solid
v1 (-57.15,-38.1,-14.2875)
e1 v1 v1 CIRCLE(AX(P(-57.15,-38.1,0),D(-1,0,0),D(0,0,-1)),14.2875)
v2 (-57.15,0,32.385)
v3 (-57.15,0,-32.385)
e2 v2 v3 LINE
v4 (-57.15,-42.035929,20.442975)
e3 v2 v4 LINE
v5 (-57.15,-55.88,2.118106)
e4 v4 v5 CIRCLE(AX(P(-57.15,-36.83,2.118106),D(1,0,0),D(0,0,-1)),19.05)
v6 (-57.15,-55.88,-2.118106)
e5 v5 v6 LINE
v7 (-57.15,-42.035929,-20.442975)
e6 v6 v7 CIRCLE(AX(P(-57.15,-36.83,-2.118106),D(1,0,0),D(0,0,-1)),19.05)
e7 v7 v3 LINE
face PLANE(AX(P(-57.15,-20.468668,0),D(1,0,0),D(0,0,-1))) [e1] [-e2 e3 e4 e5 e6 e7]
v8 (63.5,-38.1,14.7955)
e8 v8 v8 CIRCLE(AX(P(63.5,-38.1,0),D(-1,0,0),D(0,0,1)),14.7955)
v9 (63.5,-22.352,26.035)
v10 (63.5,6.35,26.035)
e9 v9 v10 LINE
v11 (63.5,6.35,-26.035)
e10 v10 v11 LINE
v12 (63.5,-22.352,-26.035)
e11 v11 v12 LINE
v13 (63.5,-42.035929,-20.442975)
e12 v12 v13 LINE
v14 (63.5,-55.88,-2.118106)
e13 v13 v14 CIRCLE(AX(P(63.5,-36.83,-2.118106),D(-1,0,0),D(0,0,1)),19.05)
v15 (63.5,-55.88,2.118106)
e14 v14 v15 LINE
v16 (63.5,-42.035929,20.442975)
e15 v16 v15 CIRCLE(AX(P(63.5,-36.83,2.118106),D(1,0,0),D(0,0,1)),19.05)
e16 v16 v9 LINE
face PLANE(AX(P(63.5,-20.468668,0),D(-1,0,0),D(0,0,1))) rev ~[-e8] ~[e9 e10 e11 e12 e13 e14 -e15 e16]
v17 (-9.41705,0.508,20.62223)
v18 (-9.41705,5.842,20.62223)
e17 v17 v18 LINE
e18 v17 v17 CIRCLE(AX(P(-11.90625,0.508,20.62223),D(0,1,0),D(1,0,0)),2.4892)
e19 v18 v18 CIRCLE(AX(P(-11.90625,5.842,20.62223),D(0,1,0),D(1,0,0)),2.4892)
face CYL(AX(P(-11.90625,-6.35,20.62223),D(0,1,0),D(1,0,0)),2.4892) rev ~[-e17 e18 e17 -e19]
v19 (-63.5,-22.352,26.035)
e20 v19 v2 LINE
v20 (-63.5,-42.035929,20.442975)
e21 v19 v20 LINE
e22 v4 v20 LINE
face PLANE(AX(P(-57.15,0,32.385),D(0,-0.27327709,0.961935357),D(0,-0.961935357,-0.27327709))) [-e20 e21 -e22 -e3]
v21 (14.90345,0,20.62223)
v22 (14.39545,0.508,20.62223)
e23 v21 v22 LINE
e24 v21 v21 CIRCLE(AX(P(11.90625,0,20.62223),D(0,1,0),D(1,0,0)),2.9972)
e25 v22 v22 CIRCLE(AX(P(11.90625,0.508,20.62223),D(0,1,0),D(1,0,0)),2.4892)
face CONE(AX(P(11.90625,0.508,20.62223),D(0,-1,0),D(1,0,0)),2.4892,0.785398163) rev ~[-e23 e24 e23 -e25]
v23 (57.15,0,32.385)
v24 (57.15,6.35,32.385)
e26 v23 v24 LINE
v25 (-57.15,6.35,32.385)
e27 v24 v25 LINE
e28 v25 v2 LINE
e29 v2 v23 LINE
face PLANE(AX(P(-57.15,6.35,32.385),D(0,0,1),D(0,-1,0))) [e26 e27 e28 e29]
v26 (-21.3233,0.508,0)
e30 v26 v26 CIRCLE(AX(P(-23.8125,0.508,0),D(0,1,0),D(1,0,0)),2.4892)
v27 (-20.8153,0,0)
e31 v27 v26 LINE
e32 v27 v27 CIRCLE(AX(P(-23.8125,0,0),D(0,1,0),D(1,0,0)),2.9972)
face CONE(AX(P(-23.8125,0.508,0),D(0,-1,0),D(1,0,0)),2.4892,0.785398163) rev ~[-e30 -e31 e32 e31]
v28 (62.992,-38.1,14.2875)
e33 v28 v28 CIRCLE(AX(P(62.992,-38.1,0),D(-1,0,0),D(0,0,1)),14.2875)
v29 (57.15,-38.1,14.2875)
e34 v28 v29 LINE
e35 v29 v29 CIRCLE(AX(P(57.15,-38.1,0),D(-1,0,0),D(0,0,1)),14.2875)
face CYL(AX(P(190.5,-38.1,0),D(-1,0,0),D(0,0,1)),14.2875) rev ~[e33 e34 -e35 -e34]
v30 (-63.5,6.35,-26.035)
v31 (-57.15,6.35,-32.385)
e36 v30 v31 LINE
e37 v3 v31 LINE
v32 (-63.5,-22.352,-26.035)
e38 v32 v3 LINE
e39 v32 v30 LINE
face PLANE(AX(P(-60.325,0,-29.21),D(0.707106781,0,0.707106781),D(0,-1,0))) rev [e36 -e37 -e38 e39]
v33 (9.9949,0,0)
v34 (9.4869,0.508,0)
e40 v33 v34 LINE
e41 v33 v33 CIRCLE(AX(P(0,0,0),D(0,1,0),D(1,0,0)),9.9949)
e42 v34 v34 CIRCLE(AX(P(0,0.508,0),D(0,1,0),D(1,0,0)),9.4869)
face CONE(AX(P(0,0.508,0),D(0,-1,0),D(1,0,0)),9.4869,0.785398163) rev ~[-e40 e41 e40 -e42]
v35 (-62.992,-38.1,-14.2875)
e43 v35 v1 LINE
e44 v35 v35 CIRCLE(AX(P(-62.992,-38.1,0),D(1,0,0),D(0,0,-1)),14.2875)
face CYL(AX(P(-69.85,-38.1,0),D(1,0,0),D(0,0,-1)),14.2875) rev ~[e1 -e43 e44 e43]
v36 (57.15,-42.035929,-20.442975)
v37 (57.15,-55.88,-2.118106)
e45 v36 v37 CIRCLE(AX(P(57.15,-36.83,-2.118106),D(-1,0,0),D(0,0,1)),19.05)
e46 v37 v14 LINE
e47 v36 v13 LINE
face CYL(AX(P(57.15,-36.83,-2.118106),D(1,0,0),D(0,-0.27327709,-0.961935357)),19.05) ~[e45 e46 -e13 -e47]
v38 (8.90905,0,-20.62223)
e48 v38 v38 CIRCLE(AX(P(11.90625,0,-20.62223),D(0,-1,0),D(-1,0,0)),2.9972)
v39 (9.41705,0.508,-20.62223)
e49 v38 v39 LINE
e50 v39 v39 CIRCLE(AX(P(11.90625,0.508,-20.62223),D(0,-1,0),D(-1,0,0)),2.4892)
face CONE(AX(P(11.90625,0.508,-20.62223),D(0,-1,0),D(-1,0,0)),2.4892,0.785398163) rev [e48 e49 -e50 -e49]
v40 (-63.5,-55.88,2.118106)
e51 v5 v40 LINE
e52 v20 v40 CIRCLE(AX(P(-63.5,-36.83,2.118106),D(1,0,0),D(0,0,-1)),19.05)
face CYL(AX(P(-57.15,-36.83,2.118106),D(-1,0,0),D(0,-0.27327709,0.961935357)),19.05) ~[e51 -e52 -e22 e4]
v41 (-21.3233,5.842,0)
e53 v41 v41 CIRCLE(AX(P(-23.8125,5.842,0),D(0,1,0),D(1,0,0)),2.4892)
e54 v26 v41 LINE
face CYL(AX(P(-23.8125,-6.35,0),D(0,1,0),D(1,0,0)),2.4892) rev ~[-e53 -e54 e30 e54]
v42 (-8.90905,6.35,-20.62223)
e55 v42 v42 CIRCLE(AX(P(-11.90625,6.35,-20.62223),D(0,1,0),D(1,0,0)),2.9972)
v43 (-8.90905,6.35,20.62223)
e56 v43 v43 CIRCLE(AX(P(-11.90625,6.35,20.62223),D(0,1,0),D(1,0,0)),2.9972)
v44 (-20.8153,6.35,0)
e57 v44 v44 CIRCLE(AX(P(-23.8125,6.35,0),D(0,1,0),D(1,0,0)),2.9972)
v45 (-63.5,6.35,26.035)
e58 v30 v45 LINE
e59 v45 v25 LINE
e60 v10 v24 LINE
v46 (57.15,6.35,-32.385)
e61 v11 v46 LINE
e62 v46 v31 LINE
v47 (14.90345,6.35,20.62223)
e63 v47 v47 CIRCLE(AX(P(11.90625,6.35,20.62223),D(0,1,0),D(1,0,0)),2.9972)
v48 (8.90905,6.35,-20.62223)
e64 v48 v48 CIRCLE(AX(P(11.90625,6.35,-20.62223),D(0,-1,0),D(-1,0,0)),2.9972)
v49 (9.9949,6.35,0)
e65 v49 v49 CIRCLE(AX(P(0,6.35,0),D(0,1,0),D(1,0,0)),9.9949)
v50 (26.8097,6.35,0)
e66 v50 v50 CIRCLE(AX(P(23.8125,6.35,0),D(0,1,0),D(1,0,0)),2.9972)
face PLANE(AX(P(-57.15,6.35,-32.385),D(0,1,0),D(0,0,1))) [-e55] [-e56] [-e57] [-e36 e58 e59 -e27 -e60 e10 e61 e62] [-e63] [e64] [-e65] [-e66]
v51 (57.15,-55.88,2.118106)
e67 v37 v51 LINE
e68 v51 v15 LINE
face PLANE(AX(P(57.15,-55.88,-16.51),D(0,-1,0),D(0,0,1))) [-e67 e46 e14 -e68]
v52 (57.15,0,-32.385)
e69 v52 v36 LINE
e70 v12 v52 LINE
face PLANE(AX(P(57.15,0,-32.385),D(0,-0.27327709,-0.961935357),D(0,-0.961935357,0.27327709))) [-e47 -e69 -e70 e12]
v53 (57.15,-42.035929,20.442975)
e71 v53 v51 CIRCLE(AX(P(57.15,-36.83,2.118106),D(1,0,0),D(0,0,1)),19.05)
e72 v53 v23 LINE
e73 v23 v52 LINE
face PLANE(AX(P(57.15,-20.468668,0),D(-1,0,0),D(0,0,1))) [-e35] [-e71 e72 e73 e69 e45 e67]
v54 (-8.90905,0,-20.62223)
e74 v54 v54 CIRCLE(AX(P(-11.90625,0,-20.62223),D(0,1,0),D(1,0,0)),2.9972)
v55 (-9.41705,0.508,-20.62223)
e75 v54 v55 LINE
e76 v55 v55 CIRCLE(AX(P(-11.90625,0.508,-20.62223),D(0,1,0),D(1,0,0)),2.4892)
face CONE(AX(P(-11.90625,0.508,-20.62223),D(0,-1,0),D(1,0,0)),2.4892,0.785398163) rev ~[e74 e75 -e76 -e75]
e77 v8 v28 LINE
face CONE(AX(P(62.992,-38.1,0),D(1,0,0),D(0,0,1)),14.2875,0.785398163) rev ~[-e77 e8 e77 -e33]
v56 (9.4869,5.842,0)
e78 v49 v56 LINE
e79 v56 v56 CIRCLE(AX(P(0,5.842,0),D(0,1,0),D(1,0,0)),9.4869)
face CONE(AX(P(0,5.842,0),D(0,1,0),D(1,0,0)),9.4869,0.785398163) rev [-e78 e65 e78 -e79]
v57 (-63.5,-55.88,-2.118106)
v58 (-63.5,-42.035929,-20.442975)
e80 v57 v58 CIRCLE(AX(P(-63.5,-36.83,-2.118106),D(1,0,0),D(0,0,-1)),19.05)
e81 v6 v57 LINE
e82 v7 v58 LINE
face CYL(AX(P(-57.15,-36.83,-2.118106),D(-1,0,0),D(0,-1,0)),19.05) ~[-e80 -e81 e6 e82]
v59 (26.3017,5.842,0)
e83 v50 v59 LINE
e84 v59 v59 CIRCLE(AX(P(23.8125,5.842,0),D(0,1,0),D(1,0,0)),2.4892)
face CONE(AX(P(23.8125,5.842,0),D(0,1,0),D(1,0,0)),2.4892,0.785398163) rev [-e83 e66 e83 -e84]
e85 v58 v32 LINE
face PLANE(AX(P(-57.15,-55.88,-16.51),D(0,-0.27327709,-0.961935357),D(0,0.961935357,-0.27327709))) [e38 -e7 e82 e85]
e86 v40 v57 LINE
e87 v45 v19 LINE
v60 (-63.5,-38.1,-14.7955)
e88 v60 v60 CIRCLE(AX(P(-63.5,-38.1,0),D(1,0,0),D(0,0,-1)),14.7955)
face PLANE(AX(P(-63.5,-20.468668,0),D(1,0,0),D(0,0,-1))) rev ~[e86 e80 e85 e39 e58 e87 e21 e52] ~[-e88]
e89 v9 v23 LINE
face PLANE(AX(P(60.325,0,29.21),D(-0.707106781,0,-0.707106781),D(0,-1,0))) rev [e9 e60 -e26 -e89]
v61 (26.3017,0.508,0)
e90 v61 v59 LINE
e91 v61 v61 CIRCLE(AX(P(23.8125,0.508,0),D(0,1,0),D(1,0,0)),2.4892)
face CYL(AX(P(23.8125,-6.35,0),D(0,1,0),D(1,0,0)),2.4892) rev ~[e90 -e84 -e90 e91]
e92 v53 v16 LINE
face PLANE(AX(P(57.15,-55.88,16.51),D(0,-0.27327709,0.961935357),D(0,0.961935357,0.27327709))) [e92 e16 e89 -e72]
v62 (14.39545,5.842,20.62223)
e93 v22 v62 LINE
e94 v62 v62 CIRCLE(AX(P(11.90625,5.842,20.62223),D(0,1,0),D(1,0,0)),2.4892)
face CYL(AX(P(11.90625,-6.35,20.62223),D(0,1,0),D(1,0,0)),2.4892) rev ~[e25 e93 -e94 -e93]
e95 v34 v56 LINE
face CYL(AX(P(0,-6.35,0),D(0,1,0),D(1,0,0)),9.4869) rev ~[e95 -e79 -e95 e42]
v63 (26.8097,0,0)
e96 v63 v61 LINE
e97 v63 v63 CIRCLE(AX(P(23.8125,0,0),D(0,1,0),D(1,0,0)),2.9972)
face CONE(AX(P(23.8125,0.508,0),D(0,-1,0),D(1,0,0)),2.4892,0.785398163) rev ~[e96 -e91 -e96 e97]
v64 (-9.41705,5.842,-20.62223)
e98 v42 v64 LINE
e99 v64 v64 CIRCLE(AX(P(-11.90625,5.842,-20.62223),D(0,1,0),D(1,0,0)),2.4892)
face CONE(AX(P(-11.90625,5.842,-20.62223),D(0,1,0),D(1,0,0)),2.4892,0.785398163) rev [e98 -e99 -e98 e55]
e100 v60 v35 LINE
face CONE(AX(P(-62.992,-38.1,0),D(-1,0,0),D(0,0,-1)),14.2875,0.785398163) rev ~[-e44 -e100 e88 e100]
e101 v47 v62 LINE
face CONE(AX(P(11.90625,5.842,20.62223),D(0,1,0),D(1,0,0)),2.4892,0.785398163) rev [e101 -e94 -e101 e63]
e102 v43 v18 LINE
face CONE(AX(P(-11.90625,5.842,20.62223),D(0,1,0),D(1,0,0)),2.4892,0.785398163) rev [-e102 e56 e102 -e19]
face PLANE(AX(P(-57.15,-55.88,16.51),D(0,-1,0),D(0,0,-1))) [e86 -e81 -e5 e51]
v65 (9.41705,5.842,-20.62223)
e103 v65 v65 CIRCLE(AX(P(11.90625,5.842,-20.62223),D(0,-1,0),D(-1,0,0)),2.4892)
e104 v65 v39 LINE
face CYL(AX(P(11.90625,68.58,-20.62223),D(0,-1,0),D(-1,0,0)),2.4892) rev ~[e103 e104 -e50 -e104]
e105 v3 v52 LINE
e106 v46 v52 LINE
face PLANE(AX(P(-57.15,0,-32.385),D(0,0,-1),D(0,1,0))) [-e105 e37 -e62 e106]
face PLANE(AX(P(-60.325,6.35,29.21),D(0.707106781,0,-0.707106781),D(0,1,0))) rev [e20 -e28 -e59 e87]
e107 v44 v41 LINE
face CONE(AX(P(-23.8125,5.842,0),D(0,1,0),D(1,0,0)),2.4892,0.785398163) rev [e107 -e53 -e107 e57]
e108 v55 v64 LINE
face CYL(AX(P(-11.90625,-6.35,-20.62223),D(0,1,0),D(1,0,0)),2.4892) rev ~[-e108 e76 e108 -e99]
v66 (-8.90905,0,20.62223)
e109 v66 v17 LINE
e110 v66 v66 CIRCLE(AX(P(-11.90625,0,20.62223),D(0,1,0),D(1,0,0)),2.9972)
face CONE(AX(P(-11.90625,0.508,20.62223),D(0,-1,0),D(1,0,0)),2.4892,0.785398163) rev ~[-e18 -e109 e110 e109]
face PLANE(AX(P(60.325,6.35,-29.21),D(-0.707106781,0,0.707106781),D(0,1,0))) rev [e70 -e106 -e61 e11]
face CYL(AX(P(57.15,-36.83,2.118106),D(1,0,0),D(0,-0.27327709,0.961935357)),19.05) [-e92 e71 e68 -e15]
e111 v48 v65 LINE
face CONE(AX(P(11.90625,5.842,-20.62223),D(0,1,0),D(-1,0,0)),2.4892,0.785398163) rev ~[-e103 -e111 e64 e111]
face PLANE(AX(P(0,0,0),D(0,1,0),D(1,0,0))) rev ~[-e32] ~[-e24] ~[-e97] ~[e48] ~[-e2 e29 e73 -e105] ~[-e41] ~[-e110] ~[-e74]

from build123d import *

# Parameters (mm, degrees)
SKETCH1_W                      = 114.3
SKETCH1_H                      = 64.77
BOSS_EXTRUDE1_DEPTH            = 6.35
BOSS_EXTRUDE2_DEPTH            = 6.35
BOSS_EXTRUDE3_DEPTH            = 6.35
HOLE1_D                        = 18.9738
HOLE1_DEPTH                    = 6.35
F_9_0_196_DIAMETER_HOLE1_D     = 4.9784
F_9_0_196_DIAMETER_HOLE1_DEPTH = 62.23
F_9_0_196_DIAMETER_HOLE2_D     = 4.9784
F_9_0_196_DIAMETER_HOLE2_DEPTH = 6.35
HOLE2_D                        = 28.575
HOLE2_DEPTH                    = 6.35
HOLE3_D                        = 28.575
HOLE3_DEPTH                    = 127
CHAMFER1_SIZE                  = 6.35
CHAMFER2_SIZE                  = 0.508
FILLET1_R                      = 19.05


with BuildPart() as part:
    # Sketch1 → Boss-Extrude1 (new body)
    with BuildSketch(Plane(origin=(0, 6.35, 0), x_dir=(1, 0, 0), z_dir=(0, 1, 0))):
        Rectangle(SKETCH1_W, SKETCH1_H)
    extrude(amount=-BOSS_EXTRUDE1_DEPTH)

    # Sketch2 → Boss-Extrude2 (add)
    with BuildSketch(Plane(origin=(57.15, 0, 0), x_dir=(0, 0, -1), z_dir=(1, 0, 0))):
        Polygon((-32.385, 6.35), (32.385, 6.35), (32.385, 0), (16.51, -55.88), (-16.51, -55.88), (-32.385, 0), align=None)
    extrude(amount=BOSS_EXTRUDE2_DEPTH)

    # Sketch3 → Boss-Extrude3 (add)
    with BuildSketch(Plane.ZY.offset(57.15)):
        Polygon((32.385, 0), (16.51, -55.88), (-16.51, -55.88), (-32.385, 0), (-32.385, 6.35), (32.385, 6.35), align=None)
    extrude(amount=BOSS_EXTRUDE3_DEPTH)

    # Hole1
    with Locations(Plane(origin=(0, 0, 0), x_dir=(-1, 0, 0), z_dir=(0, -1, 0))):
        with Locations((0, 0)):
            Hole(HOLE1_D / 2, depth=HOLE1_DEPTH)

    # #9 (0.196) Diameter Hole1
    with Locations(Plane(origin=(0, 6.35, 0), x_dir=(1, 0, 0), z_dir=(0, 1, 0))):
        with Locations((11.90625, 20.622229928)):
            Hole(F_9_0_196_DIAMETER_HOLE1_D / 2, depth=F_9_0_196_DIAMETER_HOLE1_DEPTH)

    # #9 (0.196) Diameter Hole2
    with Locations(Plane(origin=(0, 0, 0), x_dir=(-1, 0, 0), z_dir=(0, -1, 0))):
        with Locations((-23.8125, 0), (-11.90625, -20.622229928), (11.90625, -20.622229928), (23.8125, 0), (11.90625, 20.622229928)):
            Hole(F_9_0_196_DIAMETER_HOLE2_D / 2, depth=F_9_0_196_DIAMETER_HOLE2_DEPTH)

    # Hole2
    with Locations(Plane.ZY.offset(63.5)):
        with Locations((0, -38.1)):
            Hole(HOLE2_D / 2, depth=HOLE2_DEPTH)

    # Hole3
    with Locations(Plane(origin=(63.5, 0, 0), x_dir=(0, 0, -1), z_dir=(1, 0, 0))):
        with Locations((0, -38.1)):
            Hole(HOLE3_D / 2, depth=HOLE3_DEPTH)

    # Chamfer1
    chamfer1_edges = [part.edges().sort_by_distance(p)[0] for p in [
        (63.5, 3.175, -32.385),
        (63.5, 3.175, 32.385),
        (-63.5, 3.175, -32.385),
        (-63.5, 3.175, 32.385),
    ]]
    chamfer(chamfer1_edges, length=CHAMFER1_SIZE)

    # Chamfer2
    chamfer2_edges = [part.edges().sort_by_distance(p)[0] for p in [
        (-9.4869, 0, 0),
        (-9.4869, 6.35, 0),
        (14.39545, 0, -20.622229928),
        (14.39545, 6.35, -20.622229928),
        (-14.39545, 0, -20.622229928),
        (-14.39545, 6.35, -20.622229928),
        (-26.3017, 0, 0),
        (-26.3017, 6.35, 0),
        (-14.39545, 0, 20.622229928),
        (-14.39545, 6.35, 20.622229928),
        (9.41705, 0, 20.622229928),
        (9.41705, 6.35, 20.622229928),
        (21.3233, 0, 0),
        (21.3233, 6.35, 0),
        (-63.5, -38.1, 14.2875),
        (63.5, -38.1, -14.2875),
    ]]
    chamfer(chamfer2_edges, length=CHAMFER2_SIZE)

    # Fillet1
    fillet1_edges = [part.edges().sort_by_distance(p)[0] for p in [
        (60.325, -55.88, 16.51),
        (60.325, -55.88, -16.51),
        (-60.325, -55.88, -16.51),
        (-60.325, -55.88, 16.51),
    ]]
    fillet(fillet1_edges, radius=FILLET1_R)


solid = part.part
